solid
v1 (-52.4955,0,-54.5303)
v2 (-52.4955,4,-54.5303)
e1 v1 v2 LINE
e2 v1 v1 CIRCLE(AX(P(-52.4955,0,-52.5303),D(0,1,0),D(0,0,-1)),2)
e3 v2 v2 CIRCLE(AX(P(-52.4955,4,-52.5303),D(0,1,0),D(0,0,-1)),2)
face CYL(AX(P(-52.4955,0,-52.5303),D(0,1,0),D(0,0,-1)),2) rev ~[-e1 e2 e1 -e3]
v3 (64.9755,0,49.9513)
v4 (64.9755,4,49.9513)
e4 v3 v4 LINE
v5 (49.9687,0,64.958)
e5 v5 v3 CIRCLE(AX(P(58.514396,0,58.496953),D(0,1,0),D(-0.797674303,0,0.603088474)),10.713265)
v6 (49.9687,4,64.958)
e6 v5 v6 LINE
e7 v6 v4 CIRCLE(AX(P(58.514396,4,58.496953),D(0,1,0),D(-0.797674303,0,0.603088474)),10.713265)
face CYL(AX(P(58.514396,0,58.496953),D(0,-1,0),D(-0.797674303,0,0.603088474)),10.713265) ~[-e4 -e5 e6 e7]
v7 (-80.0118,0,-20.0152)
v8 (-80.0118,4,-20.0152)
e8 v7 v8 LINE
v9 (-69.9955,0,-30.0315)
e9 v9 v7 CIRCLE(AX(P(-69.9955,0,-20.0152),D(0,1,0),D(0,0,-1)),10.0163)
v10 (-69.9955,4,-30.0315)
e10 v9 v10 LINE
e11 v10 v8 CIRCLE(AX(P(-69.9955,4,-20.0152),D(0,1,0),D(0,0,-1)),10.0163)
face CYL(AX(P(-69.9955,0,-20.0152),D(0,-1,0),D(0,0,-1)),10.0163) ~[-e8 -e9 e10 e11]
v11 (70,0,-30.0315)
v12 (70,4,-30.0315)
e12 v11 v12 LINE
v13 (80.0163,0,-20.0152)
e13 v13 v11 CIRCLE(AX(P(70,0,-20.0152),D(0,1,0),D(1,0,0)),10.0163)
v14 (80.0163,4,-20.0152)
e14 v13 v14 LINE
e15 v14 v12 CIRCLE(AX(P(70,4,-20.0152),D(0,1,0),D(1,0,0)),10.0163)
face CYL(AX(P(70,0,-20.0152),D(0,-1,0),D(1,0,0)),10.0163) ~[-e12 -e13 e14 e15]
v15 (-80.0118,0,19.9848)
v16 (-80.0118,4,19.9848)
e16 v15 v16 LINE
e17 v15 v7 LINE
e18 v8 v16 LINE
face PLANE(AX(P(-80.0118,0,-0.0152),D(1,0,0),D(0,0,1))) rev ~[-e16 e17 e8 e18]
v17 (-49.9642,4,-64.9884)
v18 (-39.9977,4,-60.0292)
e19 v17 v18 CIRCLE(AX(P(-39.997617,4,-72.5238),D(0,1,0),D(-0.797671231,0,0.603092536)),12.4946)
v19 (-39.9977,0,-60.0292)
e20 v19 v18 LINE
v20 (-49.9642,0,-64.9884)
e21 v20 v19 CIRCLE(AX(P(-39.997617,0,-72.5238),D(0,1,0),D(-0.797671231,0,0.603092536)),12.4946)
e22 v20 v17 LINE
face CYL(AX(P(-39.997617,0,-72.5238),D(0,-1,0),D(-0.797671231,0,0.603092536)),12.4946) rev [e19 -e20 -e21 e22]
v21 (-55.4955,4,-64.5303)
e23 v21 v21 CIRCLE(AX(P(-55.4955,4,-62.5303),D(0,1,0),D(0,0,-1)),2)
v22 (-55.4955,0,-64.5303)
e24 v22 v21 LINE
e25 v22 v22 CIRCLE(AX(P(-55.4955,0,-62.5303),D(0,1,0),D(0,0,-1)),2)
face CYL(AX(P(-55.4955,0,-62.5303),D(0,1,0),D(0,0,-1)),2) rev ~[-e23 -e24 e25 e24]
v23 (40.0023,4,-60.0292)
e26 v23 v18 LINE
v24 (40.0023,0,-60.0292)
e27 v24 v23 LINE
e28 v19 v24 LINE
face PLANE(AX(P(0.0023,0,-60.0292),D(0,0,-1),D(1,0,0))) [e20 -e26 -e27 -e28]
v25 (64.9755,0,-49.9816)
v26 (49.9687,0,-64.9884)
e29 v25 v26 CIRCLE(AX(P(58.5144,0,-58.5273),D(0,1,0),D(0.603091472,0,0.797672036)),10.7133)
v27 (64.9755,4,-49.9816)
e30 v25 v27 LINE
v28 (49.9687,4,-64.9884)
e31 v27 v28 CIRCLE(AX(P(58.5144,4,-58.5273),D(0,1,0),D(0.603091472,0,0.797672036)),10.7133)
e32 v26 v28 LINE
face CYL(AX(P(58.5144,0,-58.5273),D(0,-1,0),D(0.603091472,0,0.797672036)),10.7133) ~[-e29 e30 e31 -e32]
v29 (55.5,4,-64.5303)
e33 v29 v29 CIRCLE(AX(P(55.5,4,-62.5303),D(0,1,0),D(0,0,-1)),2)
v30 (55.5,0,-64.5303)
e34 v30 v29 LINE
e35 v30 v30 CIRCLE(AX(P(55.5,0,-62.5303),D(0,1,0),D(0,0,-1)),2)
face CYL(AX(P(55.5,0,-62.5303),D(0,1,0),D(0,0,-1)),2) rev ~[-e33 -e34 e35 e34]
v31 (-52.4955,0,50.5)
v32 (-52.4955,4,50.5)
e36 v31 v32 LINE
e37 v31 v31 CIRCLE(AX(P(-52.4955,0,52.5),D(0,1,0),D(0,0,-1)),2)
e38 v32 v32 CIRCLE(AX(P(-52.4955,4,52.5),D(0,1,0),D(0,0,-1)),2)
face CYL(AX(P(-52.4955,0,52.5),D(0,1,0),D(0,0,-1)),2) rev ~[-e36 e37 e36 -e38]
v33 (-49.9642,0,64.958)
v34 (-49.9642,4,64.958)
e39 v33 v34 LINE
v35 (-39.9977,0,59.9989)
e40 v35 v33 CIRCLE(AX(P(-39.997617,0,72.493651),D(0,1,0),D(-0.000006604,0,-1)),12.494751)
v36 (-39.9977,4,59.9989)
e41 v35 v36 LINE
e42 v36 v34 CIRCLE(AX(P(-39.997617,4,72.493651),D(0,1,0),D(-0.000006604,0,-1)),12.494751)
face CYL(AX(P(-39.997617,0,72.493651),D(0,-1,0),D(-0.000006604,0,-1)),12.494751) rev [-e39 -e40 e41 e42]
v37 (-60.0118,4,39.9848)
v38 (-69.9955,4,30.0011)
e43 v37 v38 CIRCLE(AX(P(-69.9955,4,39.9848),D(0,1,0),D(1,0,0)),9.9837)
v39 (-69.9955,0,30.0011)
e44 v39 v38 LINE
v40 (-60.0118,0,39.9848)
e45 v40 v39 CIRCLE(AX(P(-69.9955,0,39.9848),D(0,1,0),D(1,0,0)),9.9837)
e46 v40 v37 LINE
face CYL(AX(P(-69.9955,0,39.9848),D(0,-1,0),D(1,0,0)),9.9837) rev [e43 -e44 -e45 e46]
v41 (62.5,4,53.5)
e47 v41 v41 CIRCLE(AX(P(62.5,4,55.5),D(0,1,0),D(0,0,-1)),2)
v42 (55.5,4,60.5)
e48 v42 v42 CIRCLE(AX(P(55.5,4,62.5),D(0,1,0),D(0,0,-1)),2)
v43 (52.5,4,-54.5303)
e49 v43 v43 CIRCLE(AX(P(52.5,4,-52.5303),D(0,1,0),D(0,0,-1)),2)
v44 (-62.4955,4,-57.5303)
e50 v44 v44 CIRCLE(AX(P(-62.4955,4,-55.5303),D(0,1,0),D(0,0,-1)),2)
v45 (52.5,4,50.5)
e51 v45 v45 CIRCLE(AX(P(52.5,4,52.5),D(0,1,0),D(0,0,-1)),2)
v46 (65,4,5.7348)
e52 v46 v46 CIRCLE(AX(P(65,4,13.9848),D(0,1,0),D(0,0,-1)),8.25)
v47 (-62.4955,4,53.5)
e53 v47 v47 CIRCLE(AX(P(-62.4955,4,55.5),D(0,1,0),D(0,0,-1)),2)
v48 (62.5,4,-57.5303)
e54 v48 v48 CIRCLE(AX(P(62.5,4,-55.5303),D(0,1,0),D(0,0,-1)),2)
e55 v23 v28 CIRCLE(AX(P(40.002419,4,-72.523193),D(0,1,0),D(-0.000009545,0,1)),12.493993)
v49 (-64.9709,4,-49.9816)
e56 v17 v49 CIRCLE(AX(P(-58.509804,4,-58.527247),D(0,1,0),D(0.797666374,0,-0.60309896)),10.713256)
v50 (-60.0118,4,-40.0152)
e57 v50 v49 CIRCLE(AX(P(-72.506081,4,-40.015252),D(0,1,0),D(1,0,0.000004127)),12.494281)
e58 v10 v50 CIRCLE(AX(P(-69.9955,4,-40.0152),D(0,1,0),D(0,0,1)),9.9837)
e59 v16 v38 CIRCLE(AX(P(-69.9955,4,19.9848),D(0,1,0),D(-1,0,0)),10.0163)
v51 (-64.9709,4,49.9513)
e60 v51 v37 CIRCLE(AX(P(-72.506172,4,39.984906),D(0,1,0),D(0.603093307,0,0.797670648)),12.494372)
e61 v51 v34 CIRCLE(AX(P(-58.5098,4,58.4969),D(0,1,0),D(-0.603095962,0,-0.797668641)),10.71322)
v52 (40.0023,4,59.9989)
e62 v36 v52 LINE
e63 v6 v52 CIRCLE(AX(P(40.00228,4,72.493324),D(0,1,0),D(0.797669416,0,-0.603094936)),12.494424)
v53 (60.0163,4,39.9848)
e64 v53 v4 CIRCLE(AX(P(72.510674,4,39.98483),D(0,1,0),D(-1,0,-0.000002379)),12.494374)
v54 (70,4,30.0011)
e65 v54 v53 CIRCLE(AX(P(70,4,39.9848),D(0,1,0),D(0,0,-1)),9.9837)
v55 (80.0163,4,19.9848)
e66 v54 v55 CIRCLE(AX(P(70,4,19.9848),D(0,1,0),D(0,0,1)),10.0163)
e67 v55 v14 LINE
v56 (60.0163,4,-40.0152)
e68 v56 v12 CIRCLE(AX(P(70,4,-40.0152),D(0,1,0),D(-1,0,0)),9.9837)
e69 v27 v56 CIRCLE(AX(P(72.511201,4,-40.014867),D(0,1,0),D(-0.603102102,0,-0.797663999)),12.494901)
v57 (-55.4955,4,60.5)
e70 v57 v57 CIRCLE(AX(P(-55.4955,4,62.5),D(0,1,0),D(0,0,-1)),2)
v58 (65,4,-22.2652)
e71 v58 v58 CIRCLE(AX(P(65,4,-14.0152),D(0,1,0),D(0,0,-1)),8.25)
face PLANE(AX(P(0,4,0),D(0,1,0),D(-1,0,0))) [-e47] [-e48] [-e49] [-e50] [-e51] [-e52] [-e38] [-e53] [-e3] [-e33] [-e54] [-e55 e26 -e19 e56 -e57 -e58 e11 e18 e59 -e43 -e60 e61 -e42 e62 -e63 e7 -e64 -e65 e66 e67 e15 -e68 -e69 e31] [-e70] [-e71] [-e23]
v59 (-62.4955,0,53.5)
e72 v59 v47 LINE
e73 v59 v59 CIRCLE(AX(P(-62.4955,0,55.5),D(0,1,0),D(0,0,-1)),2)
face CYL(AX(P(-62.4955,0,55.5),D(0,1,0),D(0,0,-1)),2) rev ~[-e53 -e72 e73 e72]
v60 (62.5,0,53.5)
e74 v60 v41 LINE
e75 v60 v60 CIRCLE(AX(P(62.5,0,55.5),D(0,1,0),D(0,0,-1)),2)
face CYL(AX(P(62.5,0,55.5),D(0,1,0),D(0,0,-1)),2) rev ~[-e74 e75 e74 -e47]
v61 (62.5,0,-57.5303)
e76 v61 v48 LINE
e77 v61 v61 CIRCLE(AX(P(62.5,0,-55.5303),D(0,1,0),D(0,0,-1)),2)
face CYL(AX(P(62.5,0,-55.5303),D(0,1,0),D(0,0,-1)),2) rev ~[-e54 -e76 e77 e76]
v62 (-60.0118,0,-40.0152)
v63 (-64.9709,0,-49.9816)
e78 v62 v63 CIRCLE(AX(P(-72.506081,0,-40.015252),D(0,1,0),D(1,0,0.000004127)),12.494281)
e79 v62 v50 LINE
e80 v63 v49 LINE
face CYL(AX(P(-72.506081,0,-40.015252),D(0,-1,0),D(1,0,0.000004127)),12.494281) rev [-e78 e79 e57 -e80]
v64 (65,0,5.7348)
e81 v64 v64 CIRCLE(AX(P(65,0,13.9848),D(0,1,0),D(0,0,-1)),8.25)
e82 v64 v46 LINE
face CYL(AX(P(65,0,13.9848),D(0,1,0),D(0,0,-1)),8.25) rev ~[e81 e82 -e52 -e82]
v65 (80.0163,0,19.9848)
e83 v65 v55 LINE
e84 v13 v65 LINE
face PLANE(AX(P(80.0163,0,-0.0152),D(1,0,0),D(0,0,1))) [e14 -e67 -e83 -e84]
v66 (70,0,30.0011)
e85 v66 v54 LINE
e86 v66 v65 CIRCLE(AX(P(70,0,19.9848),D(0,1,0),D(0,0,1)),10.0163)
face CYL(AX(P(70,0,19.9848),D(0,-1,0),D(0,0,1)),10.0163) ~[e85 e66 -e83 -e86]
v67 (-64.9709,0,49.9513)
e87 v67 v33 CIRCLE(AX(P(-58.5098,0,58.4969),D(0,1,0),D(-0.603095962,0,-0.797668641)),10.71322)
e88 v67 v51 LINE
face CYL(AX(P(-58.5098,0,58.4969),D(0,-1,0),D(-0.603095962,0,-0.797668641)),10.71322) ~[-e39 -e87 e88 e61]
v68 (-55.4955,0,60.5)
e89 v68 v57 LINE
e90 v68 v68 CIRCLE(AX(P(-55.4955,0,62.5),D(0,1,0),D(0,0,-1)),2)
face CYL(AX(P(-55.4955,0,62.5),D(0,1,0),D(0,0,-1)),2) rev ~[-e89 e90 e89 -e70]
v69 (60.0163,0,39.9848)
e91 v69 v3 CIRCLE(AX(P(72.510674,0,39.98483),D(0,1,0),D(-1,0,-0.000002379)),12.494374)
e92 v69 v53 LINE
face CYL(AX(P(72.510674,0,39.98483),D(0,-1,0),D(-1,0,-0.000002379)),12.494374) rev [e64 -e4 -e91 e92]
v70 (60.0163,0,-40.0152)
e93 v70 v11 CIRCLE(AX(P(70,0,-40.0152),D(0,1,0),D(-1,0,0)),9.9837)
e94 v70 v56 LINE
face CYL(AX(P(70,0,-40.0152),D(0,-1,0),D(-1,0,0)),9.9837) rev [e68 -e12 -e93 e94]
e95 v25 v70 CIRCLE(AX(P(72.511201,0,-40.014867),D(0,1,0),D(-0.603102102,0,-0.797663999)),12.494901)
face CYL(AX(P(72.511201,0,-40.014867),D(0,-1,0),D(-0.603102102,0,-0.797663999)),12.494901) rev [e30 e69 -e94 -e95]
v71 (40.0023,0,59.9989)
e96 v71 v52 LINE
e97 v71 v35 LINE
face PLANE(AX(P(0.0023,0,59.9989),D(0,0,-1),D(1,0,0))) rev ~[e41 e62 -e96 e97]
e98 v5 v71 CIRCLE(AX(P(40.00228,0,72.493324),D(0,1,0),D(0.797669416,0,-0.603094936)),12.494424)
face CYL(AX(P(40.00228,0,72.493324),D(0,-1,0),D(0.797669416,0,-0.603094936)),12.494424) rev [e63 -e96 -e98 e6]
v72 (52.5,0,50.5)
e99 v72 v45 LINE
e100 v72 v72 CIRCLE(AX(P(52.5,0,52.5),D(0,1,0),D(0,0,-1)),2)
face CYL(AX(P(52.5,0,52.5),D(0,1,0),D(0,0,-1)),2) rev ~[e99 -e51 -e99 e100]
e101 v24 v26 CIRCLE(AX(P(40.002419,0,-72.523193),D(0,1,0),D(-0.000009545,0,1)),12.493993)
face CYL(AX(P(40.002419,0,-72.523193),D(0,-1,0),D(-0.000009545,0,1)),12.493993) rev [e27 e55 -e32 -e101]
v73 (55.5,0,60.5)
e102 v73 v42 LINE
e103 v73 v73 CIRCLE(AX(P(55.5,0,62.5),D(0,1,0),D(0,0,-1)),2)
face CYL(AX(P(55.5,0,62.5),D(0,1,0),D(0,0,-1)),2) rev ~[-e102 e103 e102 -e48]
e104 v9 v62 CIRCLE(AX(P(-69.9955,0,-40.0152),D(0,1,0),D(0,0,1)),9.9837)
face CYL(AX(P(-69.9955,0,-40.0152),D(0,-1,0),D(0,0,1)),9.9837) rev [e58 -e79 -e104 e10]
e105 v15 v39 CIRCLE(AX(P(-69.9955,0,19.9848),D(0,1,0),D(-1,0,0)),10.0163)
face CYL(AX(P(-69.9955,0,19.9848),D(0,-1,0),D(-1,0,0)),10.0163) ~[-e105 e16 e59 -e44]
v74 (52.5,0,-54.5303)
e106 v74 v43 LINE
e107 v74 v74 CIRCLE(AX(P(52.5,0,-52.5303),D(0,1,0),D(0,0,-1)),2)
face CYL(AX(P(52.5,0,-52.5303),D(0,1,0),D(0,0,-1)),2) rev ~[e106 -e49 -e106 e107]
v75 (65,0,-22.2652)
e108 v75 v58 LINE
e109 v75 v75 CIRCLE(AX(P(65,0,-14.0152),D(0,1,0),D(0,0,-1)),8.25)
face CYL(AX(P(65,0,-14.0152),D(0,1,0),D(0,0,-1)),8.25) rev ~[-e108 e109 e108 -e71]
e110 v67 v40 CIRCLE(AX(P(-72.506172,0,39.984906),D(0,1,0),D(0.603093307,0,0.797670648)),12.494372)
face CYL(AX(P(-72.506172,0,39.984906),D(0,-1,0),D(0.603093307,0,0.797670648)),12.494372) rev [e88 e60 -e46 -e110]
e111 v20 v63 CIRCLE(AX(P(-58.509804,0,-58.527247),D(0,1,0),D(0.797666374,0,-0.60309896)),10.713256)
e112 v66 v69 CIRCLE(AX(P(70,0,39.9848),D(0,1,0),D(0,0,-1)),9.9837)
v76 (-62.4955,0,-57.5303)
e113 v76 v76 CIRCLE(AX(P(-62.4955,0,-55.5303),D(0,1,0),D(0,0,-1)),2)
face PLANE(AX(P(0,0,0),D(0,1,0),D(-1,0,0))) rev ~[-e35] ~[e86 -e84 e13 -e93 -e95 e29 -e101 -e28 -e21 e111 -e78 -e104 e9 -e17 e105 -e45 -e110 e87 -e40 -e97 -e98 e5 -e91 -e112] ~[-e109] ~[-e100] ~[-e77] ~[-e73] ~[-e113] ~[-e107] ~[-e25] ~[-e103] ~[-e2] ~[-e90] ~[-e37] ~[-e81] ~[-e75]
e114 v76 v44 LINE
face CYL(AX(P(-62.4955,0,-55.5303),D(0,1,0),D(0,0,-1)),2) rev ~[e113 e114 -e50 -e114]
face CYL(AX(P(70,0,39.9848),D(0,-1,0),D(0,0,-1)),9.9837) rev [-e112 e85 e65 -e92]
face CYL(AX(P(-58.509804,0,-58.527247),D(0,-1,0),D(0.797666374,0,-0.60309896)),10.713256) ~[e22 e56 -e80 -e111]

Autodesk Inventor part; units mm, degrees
ref_plane "YZ Plane" through (0, 0, 0) normal (1, 0, 0) x (0, 1, 0)
ref_plane "XZ Plane" through (0, 0, 0) normal (0, 1, 0) x (-1, 0, 0)
ref_plane "XY Plane" through (0, 0, 0) normal (0, 0, 1) x (1, 0, 0)
sketch "Sketch1" plane through (0, 0, 0) normal (0, 1, 0) x (-1, 0, 0)
  line L0 (-0.0023, 59.9989) -> (-40.0023, 59.9989)
  line L1 (-0.0023, 59.9989) -> (39.9977, 59.9989) construction
  line L2 (-60.0163, -0.0152) -> (-60.0163, 39.9848)
  line L3 (-60.0163, -0.0152) -> (-20.0163, -0.0152) construction
  line L4 (-60.0163, -0.0152) -> (-0.0023, -0.0152)
  line L5 (-0.0023, -0.0152) -> (-0.0023, 59.9989)
  arc A0 (-49.9687, 64.958) -> (-40.0023, 59.9989) centre (-40.0023, 72.4933) ccw
  arc A1 (-60.0163, 39.9848) -> (-64.9755, 49.9513) centre (-72.5108, 39.9848) ccw
  arc A2 (-49.9687, 64.958) -> (-64.9755, 49.9513) centre (-58.5144, 58.4969) ccw
  line L6 (-40.0023, 59.9989) -> (-40.0023, 59.4989)
  line L7 (-60.0163, 39.9848) -> (-59.5163, 39.9848)
  arc A3 (-59.5163, 39.9848) -> (-40.0023, 59.4989) centre (-59.5163, 59.4989) ccw
  line L8 (-60.0163, -0.0152) -> (-80.0163, -0.0152)
  line L9 (-80.0163, -0.0152) -> (-80.0163, 19.9848)
  arc A4 (-70, 30.0011) -> (-60.0163, 39.9848) centre (-70, 39.9848) ccw
  arc A5 (-70, 30.0011) -> (-80.0163, 19.9848) centre (-70, 19.9848) ccw
  line L10 (-60.0163, -40.0152) -> (-59.5163, -40.0152)
  arc A6 (-64.9755, -49.9816) -> (-60.0163, -40.0152) centre (-72.5108, -40.0152) ccw
  line L11 (-60.0163, -0.0152) -> (-60.0163, -40.0152)
  arc A7 (-64.9755, -49.9816) -> (-49.9687, -64.9884) centre (-58.5144, -58.5273) ccw
  arc A8 (-40.0023, -60.0292) -> (-49.9687, -64.9884) centre (-40.0023, -72.5237) ccw
  arc A9 (-40.0023, -59.5292) -> (-59.5163, -40.0152) centre (-59.5163, -59.5292) ccw
  line L12 (-40.0023, -60.0292) -> (-40.0023, -59.5292)
  line L13 (-0.0023, -60.0292) -> (-40.0023, -60.0292)
  line L14 (-0.0023, -0.0152) -> (-0.0023, -60.0292)
  arc A10 (-60.0163, -40.0152) -> (-70, -30.0315) centre (-70, -40.0152) ccw
  line L15 (-80.0163, -0.0152) -> (-80.0163, -20.0152)
  arc A11 (-80.0163, -20.0152) -> (-70, -30.0315) centre (-70, -20.0152) ccw
  arc A12 (80.0118, 19.9848) -> (69.9955, 30.0011) centre (69.9955, 19.9848) ccw
  line L16 (60.0118, -0.0152) -> (80.0118, -0.0152)
  line L17 (80.0118, -0.0152) -> (80.0118, 19.9848)
  line L18 (-0.0023, 59.9989) -> (-40.0023, 59.9989) construction
  line L19 (-0.0023, 59.9989) -> (39.9977, 59.9989)
  line L20 (60.0118, -0.0152) -> (60.0118, 39.9848)
  arc A13 (60.0118, 39.9848) -> (69.9955, 30.0011) centre (69.9955, 39.9848) ccw
  line L21 (60.0118, 39.9848) -> (59.5118, 39.9848)
  arc A14 (64.9709, 49.9513) -> (60.0118, 39.9848) centre (72.5063, 39.9848) ccw
  line L22 (60.0118, -0.0152) -> (20.0118, -0.0152) construction
  arc A15 (64.9709, 49.9513) -> (49.9642, 64.958) centre (58.5098, 58.4969) ccw
  arc A16 (39.9977, 59.4989) -> (59.5118, 39.9848) centre (59.5118, 59.4989) ccw
  line L23 (39.9977, 59.9989) -> (39.9977, 59.4989)
  arc A17 (39.9977, 59.9989) -> (49.9642, 64.958) centre (39.9977, 72.4933) ccw
  line L24 (60.0118, -0.0152) -> (-0.0023, -0.0152)
  line L25 (80.0118, -0.0152) -> (80.0118, -20.0152)
  arc A18 (69.9955, -30.0315) -> (80.0118, -20.0152) centre (69.9955, -20.0152) ccw
  arc A19 (69.9955, -30.0315) -> (60.0118, -40.0152) centre (69.9955, -40.0152) ccw
  line L26 (60.0118, -40.0152) -> (59.5118, -40.0152)
  line L27 (60.0118, -0.0152) -> (60.0118, -40.0152)
  arc A20 (60.0118, -40.0152) -> (64.9709, -49.9816) centre (72.5063, -40.0152) ccw
  arc A21 (59.5118, -40.0152) -> (39.9977, -59.5292) centre (59.5118, -59.5292) ccw
  arc A22 (49.9642, -64.9884) -> (64.9709, -49.9816) centre (58.5098, -58.5273) ccw
  line L28 (39.9977, -60.0292) -> (39.9977, -59.5292)
  arc A23 (49.9642, -64.9884) -> (39.9977, -60.0292) centre (39.9977, -72.5237) ccw
  line L29 (-0.0023, -60.0292) -> (39.9977, -60.0292)
  point P0 (0, 0)
  point P1 (-55.5, 62.5)
  point P2 (-62.5, 55.5)
  point P3 (-52.5, 52.5)
  point P4 (-52.5, -52.5303)
  point P5 (-62.5, -55.5303)
  point P6 (-55.5, -62.5303)
  point P7 (55.4955, -62.5303)
  point P8 (62.4955, -55.5303)
  point P9 (52.4955, -52.5303)
  point P10 (52.4955, 52.5)
  point P11 (62.4955, 55.5)
  point P12 (55.4955, 62.5)
  point P13 (-65, 13.9848)
  point P14 (-65, -14.0152)
  dimension "d0" = 40
  dimension "d1" = 180
  dimension "d2" = 40
  dimension "d3" = 90
  dimension "d4" = 12.4944
  dimension "d5" = 12.4944
  dimension "d6" = 0.5
  dimension "d7" = 0.5
  dimension "d8" = 20
  dimension "d9" = 20
  dimension "d42" = 14
  dimension "d43" = 14
extrude "Extrusion1" add sketch "Sketch1" along normal blind 4 contours L5 L4 L2 L7 A3 L6 L0 | L19 L23 A16 L21 L20 L24 L5 | L14 L13 L12 A9 L10 L11 L4 | L24 L27 L26 A21 L28 L29 L14 | L8 L9 A5 A4 L2 | L11 A10 A11 L15 L8 | L20 A13 A12 L17 L16 | L16 L25 A18 A19 L27
extrude "Extrusion2" add sketch "Sketch1" along normal blind 4 contours L6 A3 L7 A1 A2 A0 | A17 A15 A14 L21 A16 L23 | L10 A9 L12 A8 A7 A6 | L28 A21 L26 A20 A22 A23
hole "Hole1" at (65, 0, -14.0152) direction (0, 1, 0) diameter 16.5 end through all
hole "Hole2" at (65, 0, 13.9848) direction (0, 1, 0) diameter 16.5 end through all
hole "Hole3" at (-55.4955, 0, 62.5) at (-62.4955, 0, 55.5) at (-52.4955, 0, 52.5) at (-52.4955, 0, -52.5303) at (-62.4955, 0, -55.5303) at (-55.4955, 0, -62.5303) at (55.5, 0, -62.5303) at (62.5, 0, -55.5303) at (52.5, 0, -52.5303) at (52.5, 0, 52.5) at (62.5, 0, 55.5) at (55.5, 0, 62.5) at (65, 0, 13.9848) at (65, 0, -14.0152) direction (0, 1, 0) diameter 4 end through all
properties part number "LowerPlatter" material "ABS Plastic"
